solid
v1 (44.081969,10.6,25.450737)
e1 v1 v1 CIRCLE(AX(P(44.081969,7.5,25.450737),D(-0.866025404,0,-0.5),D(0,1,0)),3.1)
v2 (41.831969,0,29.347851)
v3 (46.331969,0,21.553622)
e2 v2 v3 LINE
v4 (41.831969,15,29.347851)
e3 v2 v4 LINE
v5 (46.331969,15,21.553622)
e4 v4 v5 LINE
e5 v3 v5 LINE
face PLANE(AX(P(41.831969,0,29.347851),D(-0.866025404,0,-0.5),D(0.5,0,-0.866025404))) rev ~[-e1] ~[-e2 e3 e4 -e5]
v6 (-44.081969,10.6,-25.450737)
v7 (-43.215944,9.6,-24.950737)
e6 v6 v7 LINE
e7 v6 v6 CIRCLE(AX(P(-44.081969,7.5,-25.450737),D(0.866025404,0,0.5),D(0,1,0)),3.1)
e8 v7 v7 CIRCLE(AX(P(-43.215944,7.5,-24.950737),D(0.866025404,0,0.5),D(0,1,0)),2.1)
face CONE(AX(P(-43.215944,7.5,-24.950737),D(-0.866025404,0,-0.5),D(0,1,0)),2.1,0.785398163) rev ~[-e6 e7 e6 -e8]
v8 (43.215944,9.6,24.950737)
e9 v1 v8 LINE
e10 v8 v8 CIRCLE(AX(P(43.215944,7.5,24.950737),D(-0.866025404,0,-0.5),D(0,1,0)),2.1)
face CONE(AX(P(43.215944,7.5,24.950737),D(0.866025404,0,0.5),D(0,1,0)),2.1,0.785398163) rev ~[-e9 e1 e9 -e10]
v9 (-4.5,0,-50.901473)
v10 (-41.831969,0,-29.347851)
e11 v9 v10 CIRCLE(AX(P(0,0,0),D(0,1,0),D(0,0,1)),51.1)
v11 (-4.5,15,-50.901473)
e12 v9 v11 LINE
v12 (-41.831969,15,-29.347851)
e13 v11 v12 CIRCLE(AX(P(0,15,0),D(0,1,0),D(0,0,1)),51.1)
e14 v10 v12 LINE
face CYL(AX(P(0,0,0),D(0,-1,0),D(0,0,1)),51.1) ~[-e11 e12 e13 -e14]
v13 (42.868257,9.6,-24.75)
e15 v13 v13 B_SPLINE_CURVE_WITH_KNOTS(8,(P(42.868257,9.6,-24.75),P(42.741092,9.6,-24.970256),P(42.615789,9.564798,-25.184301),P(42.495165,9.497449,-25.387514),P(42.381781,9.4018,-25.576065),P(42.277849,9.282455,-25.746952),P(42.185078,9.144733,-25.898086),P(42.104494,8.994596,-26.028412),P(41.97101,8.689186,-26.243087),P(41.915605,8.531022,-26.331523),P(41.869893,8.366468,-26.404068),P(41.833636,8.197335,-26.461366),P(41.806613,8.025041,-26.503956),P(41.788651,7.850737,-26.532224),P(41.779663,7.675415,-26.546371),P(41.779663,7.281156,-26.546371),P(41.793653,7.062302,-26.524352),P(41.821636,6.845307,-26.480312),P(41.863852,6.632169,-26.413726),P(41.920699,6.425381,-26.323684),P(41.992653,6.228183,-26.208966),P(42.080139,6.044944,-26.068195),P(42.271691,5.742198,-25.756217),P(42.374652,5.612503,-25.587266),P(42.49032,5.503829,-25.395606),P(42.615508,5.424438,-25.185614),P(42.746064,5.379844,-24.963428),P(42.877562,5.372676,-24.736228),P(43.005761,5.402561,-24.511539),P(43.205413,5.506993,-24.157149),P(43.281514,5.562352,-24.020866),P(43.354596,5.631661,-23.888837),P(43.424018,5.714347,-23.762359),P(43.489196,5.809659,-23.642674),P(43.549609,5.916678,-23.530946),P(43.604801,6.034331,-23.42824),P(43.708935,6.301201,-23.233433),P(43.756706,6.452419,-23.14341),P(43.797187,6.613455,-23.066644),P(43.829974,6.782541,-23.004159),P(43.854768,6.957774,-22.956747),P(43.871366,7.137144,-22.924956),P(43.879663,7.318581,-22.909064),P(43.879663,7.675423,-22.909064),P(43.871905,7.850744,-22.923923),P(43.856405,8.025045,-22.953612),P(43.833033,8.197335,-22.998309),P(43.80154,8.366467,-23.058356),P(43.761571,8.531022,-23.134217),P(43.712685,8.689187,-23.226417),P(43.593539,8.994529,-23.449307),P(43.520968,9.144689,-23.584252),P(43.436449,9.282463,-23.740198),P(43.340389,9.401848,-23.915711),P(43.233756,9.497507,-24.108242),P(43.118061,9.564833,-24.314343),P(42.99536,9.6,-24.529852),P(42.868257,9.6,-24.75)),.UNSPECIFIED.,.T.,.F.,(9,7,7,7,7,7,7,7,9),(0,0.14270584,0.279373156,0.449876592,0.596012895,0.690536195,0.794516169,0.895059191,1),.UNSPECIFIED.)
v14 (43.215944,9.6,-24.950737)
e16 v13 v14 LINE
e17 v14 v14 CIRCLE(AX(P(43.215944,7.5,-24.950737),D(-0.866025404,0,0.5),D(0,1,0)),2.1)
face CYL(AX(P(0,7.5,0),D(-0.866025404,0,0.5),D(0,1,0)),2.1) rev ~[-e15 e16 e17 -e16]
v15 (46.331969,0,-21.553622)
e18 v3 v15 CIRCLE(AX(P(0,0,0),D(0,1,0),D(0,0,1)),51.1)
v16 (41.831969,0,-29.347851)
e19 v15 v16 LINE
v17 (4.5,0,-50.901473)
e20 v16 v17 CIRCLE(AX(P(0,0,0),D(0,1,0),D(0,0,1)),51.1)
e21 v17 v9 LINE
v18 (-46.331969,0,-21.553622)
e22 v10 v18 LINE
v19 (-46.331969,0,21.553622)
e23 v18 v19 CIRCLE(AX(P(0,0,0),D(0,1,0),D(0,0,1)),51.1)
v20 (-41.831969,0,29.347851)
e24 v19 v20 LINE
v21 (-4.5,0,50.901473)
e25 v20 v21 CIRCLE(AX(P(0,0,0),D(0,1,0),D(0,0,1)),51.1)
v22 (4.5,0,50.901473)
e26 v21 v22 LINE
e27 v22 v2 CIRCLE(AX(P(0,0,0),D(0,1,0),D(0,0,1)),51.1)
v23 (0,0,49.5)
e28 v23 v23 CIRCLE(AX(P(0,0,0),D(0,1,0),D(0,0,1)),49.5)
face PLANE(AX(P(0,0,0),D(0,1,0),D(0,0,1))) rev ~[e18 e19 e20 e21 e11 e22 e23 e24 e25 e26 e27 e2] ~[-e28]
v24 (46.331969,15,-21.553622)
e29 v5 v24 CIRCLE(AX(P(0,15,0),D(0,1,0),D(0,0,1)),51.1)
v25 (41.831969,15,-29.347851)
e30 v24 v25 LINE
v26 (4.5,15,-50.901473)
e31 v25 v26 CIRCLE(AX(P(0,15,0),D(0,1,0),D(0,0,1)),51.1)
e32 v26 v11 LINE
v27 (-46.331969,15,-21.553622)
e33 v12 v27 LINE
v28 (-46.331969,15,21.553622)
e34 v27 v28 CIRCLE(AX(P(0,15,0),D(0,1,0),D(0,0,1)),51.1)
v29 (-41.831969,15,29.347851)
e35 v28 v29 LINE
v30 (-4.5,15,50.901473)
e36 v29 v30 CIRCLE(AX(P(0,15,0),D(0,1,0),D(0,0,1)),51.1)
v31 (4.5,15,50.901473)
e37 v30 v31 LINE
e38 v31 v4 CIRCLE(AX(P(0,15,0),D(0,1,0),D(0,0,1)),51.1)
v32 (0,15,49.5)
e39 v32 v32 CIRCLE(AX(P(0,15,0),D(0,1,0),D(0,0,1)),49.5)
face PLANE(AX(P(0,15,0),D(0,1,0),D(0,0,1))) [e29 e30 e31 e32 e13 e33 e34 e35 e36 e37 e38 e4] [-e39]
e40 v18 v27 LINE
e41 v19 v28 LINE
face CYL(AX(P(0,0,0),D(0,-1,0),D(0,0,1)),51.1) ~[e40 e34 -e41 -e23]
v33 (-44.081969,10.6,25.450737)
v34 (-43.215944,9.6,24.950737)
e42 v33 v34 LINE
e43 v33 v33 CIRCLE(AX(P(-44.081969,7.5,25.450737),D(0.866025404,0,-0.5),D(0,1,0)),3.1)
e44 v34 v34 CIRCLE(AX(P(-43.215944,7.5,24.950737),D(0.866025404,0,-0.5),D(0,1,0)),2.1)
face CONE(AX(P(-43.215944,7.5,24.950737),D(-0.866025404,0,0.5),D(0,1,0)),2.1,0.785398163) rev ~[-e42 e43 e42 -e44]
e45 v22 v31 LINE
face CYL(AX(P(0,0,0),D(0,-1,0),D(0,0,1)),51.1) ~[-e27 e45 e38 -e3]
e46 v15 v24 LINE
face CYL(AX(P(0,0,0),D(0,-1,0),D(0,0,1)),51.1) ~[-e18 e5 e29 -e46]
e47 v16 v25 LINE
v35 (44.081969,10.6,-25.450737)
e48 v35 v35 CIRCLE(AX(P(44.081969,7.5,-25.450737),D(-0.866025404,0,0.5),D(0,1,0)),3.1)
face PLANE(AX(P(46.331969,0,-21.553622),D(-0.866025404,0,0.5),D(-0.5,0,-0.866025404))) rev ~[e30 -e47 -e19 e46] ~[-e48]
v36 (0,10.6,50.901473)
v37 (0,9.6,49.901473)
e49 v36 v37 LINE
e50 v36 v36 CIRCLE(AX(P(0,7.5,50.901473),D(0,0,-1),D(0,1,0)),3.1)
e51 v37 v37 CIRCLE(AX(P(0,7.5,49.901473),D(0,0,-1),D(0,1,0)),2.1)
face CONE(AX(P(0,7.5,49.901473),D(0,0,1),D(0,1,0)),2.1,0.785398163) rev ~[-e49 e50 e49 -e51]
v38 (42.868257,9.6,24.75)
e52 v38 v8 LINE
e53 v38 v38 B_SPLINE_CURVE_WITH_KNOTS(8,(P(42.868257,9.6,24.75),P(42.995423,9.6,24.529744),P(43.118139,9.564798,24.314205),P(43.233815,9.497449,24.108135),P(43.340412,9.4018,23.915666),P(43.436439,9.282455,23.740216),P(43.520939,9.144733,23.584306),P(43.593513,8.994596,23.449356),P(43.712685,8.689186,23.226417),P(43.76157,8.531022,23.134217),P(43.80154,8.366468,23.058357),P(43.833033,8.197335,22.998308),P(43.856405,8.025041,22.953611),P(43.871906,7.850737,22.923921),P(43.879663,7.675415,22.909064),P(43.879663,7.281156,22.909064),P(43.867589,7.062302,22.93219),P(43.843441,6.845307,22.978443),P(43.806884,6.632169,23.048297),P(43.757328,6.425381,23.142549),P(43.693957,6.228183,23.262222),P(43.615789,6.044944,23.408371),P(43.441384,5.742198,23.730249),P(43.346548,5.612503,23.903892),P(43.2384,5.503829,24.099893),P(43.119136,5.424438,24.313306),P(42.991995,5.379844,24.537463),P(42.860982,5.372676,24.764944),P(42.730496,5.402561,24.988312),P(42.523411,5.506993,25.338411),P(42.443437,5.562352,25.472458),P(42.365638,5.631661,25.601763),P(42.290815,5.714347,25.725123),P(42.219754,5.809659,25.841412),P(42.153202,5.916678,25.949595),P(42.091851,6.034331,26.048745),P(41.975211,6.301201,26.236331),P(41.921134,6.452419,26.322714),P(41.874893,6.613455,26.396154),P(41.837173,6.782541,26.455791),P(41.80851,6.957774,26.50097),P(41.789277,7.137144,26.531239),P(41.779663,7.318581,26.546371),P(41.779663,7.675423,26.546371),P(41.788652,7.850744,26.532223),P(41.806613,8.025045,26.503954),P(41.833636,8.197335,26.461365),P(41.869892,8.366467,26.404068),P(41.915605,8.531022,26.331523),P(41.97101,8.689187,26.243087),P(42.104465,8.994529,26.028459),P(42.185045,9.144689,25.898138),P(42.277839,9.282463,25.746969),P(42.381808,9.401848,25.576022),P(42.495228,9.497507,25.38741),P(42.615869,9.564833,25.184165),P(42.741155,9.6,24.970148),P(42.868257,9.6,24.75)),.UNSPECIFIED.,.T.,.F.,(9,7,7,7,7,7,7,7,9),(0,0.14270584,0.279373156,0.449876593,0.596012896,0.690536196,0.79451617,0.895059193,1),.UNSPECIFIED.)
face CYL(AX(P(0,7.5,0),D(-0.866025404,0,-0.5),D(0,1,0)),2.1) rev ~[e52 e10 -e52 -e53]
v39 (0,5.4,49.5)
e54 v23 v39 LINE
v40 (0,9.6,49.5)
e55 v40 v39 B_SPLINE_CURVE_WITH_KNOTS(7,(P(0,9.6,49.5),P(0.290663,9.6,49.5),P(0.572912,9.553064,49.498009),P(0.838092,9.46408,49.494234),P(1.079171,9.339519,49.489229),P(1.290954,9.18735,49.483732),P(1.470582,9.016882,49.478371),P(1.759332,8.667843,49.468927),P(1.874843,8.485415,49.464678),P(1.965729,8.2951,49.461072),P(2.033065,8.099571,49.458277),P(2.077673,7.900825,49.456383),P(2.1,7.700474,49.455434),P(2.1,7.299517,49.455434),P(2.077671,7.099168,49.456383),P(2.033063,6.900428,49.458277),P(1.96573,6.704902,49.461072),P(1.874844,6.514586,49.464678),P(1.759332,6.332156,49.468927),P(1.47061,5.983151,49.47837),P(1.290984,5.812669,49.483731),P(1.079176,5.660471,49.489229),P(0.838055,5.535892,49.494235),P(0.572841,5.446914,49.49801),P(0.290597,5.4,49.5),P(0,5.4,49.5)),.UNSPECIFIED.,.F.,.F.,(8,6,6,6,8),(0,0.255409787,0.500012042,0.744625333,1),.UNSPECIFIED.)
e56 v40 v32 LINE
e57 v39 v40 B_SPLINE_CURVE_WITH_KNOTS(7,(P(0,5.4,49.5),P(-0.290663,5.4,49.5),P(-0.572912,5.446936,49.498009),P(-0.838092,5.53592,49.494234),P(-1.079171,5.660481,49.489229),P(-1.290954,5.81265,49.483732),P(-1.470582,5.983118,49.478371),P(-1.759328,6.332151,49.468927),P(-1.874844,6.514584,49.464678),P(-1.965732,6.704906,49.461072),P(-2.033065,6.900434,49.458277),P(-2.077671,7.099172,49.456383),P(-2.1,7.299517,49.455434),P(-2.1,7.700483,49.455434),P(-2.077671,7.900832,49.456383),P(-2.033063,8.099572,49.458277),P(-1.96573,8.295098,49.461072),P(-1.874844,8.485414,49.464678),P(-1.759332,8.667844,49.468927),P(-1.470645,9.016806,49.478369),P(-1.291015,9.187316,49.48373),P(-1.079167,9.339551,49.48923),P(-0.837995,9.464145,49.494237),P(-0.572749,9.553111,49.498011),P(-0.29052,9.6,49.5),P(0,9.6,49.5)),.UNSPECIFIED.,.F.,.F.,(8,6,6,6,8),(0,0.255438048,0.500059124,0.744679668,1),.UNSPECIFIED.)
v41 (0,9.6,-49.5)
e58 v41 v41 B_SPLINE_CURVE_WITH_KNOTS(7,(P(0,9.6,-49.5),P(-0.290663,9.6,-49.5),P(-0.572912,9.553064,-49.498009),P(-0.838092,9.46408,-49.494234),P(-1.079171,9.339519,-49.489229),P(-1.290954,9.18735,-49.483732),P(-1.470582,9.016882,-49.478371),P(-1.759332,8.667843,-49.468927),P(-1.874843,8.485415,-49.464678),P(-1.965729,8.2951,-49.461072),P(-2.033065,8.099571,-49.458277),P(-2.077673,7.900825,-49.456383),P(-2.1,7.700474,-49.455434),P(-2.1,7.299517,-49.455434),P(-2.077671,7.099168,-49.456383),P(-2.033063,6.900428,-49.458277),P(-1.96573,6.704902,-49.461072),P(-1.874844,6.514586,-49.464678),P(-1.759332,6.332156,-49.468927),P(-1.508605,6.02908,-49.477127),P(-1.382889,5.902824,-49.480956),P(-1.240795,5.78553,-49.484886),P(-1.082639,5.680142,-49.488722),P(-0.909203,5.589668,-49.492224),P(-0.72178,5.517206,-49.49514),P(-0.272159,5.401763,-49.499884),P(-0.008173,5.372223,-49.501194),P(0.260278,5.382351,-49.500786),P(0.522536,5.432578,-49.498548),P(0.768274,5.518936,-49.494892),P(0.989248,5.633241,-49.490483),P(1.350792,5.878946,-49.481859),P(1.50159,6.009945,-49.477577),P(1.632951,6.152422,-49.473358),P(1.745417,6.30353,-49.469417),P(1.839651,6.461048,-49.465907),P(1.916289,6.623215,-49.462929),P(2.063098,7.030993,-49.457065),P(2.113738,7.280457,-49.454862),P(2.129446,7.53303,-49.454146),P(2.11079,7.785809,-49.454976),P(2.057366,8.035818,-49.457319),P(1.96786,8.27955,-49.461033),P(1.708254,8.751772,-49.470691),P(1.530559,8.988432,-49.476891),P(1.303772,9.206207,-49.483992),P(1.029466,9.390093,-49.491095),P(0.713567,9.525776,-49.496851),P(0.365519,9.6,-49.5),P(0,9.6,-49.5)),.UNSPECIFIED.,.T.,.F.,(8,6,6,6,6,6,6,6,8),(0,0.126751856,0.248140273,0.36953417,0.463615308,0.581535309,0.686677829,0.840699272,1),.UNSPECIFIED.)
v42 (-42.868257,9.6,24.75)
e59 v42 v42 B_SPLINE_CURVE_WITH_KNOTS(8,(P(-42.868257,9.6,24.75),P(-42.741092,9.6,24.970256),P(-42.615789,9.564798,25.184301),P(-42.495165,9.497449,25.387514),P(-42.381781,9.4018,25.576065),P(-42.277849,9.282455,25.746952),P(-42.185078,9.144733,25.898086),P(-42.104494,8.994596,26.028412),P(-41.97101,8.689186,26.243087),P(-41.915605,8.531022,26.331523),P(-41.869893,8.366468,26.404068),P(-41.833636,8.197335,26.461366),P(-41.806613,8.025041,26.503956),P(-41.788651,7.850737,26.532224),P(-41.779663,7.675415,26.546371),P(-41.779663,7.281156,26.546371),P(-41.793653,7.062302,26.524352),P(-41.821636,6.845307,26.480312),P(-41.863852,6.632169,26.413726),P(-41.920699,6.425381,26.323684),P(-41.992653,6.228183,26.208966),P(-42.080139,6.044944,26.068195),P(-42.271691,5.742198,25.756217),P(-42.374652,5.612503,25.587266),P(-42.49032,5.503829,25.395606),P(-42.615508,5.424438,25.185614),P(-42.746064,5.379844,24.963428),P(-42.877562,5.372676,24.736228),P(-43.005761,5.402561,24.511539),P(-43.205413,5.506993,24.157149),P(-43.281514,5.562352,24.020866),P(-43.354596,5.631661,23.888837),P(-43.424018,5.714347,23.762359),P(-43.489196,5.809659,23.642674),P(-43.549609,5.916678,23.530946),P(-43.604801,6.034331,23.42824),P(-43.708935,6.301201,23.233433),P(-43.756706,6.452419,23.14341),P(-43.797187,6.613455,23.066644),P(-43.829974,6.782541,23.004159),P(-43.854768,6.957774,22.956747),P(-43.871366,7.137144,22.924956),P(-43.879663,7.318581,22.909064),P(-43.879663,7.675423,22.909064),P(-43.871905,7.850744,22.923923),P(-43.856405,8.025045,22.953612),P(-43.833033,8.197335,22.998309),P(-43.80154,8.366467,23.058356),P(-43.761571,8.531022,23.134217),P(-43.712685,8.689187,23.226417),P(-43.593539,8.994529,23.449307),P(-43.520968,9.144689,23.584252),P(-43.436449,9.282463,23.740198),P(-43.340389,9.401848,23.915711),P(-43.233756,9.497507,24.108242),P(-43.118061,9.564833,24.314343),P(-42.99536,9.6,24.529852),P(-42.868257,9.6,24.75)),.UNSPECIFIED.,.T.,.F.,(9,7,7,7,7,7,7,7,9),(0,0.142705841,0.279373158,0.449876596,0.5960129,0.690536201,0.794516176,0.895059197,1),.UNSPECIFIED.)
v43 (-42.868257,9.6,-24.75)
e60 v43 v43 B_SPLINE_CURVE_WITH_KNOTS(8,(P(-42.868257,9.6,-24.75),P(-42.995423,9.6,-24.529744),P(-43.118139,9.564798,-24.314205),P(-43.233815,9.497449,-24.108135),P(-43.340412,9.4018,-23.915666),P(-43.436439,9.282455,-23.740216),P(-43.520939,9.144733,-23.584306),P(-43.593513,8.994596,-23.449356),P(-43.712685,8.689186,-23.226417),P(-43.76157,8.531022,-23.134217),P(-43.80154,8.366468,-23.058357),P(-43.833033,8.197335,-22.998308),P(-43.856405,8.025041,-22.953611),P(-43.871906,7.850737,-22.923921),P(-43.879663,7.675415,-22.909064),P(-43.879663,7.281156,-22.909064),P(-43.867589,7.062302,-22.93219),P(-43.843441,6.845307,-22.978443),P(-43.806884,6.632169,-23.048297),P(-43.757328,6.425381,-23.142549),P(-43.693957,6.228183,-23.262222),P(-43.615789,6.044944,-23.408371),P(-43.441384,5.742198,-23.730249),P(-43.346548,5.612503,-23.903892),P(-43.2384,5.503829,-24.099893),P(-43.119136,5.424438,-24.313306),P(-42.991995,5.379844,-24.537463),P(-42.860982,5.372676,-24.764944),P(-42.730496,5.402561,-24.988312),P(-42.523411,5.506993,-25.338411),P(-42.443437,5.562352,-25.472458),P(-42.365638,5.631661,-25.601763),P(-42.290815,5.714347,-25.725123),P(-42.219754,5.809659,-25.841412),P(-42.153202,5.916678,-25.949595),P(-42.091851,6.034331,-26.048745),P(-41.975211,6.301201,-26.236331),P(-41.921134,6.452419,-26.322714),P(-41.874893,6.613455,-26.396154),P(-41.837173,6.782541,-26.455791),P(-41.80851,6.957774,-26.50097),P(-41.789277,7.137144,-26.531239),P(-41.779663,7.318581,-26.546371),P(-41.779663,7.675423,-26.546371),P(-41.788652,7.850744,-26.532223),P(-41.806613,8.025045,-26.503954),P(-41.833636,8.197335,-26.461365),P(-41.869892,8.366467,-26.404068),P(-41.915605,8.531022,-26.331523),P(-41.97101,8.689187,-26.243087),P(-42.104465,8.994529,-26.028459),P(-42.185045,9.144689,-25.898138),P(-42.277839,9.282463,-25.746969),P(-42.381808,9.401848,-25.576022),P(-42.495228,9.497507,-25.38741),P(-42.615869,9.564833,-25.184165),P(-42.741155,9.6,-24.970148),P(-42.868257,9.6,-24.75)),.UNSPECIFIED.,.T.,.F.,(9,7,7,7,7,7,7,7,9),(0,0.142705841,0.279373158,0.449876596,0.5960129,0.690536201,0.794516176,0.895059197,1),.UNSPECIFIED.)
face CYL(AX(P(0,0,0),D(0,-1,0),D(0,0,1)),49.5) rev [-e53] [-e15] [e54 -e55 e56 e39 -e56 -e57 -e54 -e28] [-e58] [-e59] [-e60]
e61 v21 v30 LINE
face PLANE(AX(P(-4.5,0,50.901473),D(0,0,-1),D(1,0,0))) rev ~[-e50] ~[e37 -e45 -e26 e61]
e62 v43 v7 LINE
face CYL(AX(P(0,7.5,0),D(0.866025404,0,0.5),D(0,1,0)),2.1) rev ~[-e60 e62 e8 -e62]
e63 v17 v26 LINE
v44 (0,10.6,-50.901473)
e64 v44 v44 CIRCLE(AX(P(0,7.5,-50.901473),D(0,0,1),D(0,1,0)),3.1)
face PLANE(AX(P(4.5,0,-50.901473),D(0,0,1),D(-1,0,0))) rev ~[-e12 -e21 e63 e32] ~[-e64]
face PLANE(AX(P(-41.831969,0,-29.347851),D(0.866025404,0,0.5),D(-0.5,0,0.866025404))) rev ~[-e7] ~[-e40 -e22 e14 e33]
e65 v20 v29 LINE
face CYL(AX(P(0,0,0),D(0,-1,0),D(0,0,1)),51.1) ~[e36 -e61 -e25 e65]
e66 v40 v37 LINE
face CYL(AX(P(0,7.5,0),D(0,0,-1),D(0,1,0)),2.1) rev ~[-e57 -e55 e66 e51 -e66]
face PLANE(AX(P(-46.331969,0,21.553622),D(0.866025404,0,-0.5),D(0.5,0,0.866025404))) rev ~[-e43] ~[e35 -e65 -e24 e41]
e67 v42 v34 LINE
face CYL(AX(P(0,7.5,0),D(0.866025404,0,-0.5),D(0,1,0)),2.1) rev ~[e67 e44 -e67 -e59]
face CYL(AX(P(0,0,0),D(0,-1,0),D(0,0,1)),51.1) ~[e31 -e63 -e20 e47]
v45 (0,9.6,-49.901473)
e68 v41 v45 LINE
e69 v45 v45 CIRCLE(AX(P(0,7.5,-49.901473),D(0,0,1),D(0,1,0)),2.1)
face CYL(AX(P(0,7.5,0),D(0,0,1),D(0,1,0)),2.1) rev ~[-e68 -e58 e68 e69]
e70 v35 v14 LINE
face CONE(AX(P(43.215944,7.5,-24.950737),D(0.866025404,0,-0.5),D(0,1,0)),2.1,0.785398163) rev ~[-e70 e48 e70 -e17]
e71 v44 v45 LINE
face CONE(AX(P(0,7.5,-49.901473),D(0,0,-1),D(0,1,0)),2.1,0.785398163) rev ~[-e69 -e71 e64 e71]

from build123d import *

# Parameters (mm, degrees)
SKETCH_2_R               = 51.1
SKETCH_2_R_2             = 49.5
EXTRUDE_1_DEPTH          = 15
SKETCH_3_R               = 2.1
CUT_EXTRUDE_1_DEPTH      = 60
CUT_EXTRUDE_START        = -15
CUT_EXTRUDE_2_DEPTH      = 15
PATTERN_CIRCULAR_4_COUNT = 6
PATTERN_CIRCULAR_5_COUNT = 6
CHAMFER_1_SIZE           = 1


with BuildPart() as part:
    # Эскиз2 → Бобышка-Вытянуть1 (new body)
    with BuildSketch(Plane(origin=(0, 0, 0), x_dir=(1, 0, 0), z_dir=(0, 1, 0))):
        with Locations(Location((0, 0, 0), (0, 0, 270))):
            Circle(SKETCH_2_R)
        with Locations(Location((0, 0, 0), (0, 0, 270))):
            Circle(SKETCH_2_R_2, mode=Mode.SUBTRACT)
    extrude(amount=EXTRUDE_1_DEPTH)

    # Эскиз3 → Вырез-Вытянуть1 (cut)
    with BuildSketch(Plane.XY):
        with Locations(Location((0, 7.5, 0), (0, 0, 90))):
            Circle(SKETCH_3_R)
    cut_extrude_1 = extrude(amount=-CUT_EXTRUDE_1_DEPTH, mode=Mode.SUBTRACT)

    # Эскиз5 → Вырез-Вытянуть2 (cut)
    with BuildSketch(Plane(origin=(0, 15, 0), x_dir=(1, 0, 0), z_dir=(0, 1, 0)).offset(CUT_EXTRUDE_START)):
        with BuildLine():
            Line((-4.5, -50.901473456), (4.5, -50.901473456))
            ThreePointArc((4.5, -50.901473456), (0, -51.1), (-4.5, -50.901473456))
        make_face()
    cut_extrude_2 = extrude(amount=CUT_EXTRUDE_2_DEPTH, mode=Mode.SUBTRACT)

    # Круговой массив4: Вырез-Вытянуть2 ×6 about axis
    pattern_circular_4_axis = Axis((0, 0, 0), (0, 1, 0))
    for i in range(1, PATTERN_CIRCULAR_4_COUNT):
        add(cut_extrude_2.rotate(pattern_circular_4_axis, i * 360 / PATTERN_CIRCULAR_4_COUNT), mode=Mode.SUBTRACT)

    # Круговой массив5: Вырез-Вытянуть1 ×6 about axis
    pattern_circular_5_axis = Axis((0, 15, 0), (0, 1, 0))
    for i in range(1, PATTERN_CIRCULAR_5_COUNT):
        add(cut_extrude_1.rotate(pattern_circular_5_axis, i * 360 / PATTERN_CIRCULAR_5_COUNT), mode=Mode.SUBTRACT)

    # Фаска1
    chamfer_1_edges = [part.edges().sort_by_distance(p)[0] for p in [
        (0, 5.4, -50.901473456),
        (0, 5.4, 50.901473456),
        (44.081969103, 5.4, 25.450736728),
        (44.081969103, 5.4, -25.450736728),
        (-44.081969103, 5.4, -25.450736728),
        (-44.081969103, 5.4, 25.450736728),
    ]]
    chamfer(chamfer_1_edges, length=CHAMFER_1_SIZE)


solid = part.part
